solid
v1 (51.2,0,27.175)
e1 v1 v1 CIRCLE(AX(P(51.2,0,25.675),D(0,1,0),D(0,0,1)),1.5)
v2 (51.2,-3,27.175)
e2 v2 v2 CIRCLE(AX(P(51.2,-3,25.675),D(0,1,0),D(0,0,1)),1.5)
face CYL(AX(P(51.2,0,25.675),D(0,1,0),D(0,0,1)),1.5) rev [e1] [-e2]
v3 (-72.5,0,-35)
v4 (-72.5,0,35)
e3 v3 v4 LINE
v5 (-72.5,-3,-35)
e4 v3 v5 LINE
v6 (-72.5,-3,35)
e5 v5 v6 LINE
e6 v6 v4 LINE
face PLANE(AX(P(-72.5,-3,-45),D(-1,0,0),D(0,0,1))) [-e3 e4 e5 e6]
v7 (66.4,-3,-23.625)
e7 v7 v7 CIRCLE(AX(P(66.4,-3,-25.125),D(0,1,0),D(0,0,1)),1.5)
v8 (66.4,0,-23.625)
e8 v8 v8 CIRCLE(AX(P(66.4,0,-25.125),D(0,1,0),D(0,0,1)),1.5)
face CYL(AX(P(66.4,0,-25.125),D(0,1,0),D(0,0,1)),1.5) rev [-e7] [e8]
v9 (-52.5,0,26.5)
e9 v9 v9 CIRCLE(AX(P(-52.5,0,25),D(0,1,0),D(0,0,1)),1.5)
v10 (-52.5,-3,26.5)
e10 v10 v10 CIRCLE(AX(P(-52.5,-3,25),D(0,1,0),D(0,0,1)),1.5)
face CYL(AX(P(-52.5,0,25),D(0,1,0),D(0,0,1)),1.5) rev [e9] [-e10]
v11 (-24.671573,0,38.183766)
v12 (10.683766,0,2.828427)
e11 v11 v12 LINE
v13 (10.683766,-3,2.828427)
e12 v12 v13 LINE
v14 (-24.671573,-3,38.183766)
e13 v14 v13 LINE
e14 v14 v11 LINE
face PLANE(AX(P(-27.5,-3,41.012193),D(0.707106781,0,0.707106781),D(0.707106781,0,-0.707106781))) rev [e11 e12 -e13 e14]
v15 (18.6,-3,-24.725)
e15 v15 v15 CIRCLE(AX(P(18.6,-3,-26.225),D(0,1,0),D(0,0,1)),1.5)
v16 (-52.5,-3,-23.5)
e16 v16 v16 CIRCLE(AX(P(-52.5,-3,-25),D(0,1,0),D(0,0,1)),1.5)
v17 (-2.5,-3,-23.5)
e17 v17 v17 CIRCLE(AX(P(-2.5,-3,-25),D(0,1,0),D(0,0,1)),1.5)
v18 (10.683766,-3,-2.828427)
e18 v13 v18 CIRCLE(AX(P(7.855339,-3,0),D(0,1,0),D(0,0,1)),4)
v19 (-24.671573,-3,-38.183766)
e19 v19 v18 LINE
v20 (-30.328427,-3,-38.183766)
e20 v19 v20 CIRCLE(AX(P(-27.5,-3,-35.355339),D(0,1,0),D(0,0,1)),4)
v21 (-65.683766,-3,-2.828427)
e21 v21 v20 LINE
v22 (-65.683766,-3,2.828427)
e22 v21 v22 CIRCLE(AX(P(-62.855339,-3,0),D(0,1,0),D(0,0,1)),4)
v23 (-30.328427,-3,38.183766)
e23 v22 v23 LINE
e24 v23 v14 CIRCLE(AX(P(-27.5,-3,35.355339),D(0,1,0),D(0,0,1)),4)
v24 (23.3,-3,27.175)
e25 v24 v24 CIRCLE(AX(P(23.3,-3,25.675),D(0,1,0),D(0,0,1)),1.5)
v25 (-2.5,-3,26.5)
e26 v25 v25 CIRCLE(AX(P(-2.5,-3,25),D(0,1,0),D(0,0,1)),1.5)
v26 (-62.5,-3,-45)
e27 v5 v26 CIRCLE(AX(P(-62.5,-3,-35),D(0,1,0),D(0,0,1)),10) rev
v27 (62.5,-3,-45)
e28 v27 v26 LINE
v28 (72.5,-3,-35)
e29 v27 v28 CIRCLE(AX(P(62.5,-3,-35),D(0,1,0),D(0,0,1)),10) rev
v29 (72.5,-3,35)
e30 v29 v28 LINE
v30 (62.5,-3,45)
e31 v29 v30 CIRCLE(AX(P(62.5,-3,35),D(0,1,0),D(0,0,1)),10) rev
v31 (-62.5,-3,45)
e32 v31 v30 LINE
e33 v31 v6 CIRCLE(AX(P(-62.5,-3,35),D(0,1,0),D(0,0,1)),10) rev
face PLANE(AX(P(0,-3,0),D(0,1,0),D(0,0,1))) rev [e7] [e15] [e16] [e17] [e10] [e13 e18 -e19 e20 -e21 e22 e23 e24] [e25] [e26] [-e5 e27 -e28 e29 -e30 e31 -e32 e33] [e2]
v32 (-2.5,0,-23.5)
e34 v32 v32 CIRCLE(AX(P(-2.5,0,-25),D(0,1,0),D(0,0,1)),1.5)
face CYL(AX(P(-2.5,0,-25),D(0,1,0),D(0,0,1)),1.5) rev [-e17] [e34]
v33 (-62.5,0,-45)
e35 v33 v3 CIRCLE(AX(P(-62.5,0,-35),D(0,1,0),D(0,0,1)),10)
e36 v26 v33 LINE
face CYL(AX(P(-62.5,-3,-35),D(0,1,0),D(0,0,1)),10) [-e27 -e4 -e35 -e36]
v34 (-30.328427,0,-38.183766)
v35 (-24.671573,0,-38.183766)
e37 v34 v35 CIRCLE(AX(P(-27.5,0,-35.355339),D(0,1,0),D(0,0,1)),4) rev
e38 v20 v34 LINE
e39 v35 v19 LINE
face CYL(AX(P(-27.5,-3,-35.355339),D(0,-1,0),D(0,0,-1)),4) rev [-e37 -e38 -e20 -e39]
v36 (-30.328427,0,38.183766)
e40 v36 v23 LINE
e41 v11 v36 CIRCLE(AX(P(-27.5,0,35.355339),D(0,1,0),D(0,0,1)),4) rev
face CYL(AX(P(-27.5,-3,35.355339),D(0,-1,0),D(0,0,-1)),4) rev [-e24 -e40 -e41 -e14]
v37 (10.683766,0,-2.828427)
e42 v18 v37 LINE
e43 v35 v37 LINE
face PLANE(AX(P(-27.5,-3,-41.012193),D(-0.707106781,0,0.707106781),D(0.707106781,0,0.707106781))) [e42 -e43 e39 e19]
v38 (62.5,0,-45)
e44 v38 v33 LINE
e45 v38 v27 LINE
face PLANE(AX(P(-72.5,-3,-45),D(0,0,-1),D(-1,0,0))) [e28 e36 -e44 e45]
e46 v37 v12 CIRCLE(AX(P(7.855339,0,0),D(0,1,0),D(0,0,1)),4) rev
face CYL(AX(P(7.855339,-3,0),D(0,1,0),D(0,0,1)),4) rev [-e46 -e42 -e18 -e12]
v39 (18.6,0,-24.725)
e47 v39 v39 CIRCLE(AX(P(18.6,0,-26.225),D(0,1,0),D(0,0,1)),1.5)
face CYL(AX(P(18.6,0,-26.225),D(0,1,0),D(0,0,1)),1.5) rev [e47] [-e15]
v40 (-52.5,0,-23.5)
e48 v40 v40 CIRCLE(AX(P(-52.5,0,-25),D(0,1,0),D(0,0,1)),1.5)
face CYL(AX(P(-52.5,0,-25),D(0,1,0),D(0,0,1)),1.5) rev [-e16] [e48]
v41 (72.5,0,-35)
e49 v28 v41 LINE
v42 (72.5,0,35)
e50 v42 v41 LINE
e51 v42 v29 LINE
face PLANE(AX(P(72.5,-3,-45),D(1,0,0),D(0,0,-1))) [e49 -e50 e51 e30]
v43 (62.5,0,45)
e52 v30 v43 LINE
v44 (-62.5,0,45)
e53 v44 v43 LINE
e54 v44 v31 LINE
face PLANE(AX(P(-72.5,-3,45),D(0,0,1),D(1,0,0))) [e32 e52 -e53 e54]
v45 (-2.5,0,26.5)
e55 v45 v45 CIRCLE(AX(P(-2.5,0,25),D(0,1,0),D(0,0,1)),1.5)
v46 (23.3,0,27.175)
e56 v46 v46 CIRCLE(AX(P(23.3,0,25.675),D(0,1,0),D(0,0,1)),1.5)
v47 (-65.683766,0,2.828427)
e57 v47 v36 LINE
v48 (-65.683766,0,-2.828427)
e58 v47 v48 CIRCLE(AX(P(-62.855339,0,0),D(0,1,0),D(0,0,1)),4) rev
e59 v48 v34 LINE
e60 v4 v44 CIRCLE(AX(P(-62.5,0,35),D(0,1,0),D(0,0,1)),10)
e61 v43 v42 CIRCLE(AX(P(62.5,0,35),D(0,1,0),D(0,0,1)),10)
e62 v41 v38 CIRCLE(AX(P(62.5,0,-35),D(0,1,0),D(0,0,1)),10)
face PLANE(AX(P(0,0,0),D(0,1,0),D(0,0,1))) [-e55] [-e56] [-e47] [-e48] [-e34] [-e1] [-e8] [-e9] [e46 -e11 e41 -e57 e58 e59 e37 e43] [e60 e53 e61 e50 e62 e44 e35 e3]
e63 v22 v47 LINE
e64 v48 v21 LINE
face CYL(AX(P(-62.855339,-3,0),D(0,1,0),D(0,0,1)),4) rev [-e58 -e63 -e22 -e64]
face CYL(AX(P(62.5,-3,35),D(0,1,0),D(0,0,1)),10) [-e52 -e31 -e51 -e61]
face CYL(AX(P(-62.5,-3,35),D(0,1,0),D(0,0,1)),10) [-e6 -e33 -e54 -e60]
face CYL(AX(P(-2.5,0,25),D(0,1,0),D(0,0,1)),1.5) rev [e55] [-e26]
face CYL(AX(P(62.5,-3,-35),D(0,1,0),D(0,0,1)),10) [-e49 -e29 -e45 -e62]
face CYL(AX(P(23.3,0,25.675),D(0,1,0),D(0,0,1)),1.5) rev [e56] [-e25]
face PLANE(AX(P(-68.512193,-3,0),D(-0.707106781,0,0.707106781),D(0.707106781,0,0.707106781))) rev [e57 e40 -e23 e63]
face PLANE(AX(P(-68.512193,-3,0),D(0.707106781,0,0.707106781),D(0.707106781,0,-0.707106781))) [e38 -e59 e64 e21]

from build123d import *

# Parameters (mm, degrees)
BASE_W                     = 145
BASE_H                     = 90
RESSALTO_EXTRUS_O1_DEPTH   = 3
CORTE_EXTRUS_O1_DEPTH      = 86.382960829
FURO_DE_DI_METRO_3_0_3_1_D = 3
FURO_DE_DI_METRO_3_0_3_7_D = 3
FILETE1_R                  = 10
FILETE2_R                  = 4


with BuildPart() as part:
    # Base → Ressalto-extrusão1 (new body)
    with BuildSketch(Plane(origin=(0, 0, 0), x_dir=(1, 0, 0), z_dir=(0, 1, 0))):
        Rectangle(BASE_W, BASE_H)
    extrude(amount=-RESSALTO_EXTRUS_O1_DEPTH)

    # Recorte → Corte-extrusão1 (cut, through all)
    with BuildSketch(Plane(origin=(0, 0, 0), x_dir=(1, 0, 0), z_dir=(0, 1, 0))):
        Polygon((-68.512193309, 0), (-27.5, 41.012193309), (13.512193309, 0), (-27.5, -41.012193309), align=None)
    extrude(amount=-CORTE_EXTRUS_O1_DEPTH, mode=Mode.SUBTRACT)

    # Furo de diâmetro Ø3.0 (3)1 (through all)
    with Locations(Plane(origin=(0, 0, 0), x_dir=(1, 0, 0), z_dir=(0, 1, 0))):
        with Locations((-52.5, 25), (-2.5, 25), (-2.5, -25), (-52.5, -25)):
            Hole(FURO_DE_DI_METRO_3_0_3_1_D / 2)

    # Furo de diâmetro Ø3.0 (3)7 (through all)
    with Locations(Plane(origin=(0, 0, 0), x_dir=(1, 0, 0), z_dir=(0, 1, 0))):
        with Locations((18.6, 26.225), (23.3, -25.675), (51.2, -25.675), (66.4, 25.125)):
            Hole(FURO_DE_DI_METRO_3_0_3_7_D / 2)

    # Filete1
    filete1_edges = [part.edges().sort_by_distance(p)[0] for p in [
        (72.5, -1.5, 45),
        (-72.5, -1.5, 45),
        (-72.5, -1.5, -45),
        (72.5, -1.5, -45),
    ]]
    fillet(filete1_edges, radius=FILETE1_R)

    # Filete2
    filete2_edges = [part.edges().sort_by_distance(p)[0] for p in [
        (-68.512193309, -1.5, 0),
        (-27.5, -1.5, -41.012193309),
        (13.512193309, -1.5, 0),
        (-27.5, -1.5, 41.012193309),
    ]]
    fillet(filete2_edges, radius=FILETE2_R)


solid = part.part
